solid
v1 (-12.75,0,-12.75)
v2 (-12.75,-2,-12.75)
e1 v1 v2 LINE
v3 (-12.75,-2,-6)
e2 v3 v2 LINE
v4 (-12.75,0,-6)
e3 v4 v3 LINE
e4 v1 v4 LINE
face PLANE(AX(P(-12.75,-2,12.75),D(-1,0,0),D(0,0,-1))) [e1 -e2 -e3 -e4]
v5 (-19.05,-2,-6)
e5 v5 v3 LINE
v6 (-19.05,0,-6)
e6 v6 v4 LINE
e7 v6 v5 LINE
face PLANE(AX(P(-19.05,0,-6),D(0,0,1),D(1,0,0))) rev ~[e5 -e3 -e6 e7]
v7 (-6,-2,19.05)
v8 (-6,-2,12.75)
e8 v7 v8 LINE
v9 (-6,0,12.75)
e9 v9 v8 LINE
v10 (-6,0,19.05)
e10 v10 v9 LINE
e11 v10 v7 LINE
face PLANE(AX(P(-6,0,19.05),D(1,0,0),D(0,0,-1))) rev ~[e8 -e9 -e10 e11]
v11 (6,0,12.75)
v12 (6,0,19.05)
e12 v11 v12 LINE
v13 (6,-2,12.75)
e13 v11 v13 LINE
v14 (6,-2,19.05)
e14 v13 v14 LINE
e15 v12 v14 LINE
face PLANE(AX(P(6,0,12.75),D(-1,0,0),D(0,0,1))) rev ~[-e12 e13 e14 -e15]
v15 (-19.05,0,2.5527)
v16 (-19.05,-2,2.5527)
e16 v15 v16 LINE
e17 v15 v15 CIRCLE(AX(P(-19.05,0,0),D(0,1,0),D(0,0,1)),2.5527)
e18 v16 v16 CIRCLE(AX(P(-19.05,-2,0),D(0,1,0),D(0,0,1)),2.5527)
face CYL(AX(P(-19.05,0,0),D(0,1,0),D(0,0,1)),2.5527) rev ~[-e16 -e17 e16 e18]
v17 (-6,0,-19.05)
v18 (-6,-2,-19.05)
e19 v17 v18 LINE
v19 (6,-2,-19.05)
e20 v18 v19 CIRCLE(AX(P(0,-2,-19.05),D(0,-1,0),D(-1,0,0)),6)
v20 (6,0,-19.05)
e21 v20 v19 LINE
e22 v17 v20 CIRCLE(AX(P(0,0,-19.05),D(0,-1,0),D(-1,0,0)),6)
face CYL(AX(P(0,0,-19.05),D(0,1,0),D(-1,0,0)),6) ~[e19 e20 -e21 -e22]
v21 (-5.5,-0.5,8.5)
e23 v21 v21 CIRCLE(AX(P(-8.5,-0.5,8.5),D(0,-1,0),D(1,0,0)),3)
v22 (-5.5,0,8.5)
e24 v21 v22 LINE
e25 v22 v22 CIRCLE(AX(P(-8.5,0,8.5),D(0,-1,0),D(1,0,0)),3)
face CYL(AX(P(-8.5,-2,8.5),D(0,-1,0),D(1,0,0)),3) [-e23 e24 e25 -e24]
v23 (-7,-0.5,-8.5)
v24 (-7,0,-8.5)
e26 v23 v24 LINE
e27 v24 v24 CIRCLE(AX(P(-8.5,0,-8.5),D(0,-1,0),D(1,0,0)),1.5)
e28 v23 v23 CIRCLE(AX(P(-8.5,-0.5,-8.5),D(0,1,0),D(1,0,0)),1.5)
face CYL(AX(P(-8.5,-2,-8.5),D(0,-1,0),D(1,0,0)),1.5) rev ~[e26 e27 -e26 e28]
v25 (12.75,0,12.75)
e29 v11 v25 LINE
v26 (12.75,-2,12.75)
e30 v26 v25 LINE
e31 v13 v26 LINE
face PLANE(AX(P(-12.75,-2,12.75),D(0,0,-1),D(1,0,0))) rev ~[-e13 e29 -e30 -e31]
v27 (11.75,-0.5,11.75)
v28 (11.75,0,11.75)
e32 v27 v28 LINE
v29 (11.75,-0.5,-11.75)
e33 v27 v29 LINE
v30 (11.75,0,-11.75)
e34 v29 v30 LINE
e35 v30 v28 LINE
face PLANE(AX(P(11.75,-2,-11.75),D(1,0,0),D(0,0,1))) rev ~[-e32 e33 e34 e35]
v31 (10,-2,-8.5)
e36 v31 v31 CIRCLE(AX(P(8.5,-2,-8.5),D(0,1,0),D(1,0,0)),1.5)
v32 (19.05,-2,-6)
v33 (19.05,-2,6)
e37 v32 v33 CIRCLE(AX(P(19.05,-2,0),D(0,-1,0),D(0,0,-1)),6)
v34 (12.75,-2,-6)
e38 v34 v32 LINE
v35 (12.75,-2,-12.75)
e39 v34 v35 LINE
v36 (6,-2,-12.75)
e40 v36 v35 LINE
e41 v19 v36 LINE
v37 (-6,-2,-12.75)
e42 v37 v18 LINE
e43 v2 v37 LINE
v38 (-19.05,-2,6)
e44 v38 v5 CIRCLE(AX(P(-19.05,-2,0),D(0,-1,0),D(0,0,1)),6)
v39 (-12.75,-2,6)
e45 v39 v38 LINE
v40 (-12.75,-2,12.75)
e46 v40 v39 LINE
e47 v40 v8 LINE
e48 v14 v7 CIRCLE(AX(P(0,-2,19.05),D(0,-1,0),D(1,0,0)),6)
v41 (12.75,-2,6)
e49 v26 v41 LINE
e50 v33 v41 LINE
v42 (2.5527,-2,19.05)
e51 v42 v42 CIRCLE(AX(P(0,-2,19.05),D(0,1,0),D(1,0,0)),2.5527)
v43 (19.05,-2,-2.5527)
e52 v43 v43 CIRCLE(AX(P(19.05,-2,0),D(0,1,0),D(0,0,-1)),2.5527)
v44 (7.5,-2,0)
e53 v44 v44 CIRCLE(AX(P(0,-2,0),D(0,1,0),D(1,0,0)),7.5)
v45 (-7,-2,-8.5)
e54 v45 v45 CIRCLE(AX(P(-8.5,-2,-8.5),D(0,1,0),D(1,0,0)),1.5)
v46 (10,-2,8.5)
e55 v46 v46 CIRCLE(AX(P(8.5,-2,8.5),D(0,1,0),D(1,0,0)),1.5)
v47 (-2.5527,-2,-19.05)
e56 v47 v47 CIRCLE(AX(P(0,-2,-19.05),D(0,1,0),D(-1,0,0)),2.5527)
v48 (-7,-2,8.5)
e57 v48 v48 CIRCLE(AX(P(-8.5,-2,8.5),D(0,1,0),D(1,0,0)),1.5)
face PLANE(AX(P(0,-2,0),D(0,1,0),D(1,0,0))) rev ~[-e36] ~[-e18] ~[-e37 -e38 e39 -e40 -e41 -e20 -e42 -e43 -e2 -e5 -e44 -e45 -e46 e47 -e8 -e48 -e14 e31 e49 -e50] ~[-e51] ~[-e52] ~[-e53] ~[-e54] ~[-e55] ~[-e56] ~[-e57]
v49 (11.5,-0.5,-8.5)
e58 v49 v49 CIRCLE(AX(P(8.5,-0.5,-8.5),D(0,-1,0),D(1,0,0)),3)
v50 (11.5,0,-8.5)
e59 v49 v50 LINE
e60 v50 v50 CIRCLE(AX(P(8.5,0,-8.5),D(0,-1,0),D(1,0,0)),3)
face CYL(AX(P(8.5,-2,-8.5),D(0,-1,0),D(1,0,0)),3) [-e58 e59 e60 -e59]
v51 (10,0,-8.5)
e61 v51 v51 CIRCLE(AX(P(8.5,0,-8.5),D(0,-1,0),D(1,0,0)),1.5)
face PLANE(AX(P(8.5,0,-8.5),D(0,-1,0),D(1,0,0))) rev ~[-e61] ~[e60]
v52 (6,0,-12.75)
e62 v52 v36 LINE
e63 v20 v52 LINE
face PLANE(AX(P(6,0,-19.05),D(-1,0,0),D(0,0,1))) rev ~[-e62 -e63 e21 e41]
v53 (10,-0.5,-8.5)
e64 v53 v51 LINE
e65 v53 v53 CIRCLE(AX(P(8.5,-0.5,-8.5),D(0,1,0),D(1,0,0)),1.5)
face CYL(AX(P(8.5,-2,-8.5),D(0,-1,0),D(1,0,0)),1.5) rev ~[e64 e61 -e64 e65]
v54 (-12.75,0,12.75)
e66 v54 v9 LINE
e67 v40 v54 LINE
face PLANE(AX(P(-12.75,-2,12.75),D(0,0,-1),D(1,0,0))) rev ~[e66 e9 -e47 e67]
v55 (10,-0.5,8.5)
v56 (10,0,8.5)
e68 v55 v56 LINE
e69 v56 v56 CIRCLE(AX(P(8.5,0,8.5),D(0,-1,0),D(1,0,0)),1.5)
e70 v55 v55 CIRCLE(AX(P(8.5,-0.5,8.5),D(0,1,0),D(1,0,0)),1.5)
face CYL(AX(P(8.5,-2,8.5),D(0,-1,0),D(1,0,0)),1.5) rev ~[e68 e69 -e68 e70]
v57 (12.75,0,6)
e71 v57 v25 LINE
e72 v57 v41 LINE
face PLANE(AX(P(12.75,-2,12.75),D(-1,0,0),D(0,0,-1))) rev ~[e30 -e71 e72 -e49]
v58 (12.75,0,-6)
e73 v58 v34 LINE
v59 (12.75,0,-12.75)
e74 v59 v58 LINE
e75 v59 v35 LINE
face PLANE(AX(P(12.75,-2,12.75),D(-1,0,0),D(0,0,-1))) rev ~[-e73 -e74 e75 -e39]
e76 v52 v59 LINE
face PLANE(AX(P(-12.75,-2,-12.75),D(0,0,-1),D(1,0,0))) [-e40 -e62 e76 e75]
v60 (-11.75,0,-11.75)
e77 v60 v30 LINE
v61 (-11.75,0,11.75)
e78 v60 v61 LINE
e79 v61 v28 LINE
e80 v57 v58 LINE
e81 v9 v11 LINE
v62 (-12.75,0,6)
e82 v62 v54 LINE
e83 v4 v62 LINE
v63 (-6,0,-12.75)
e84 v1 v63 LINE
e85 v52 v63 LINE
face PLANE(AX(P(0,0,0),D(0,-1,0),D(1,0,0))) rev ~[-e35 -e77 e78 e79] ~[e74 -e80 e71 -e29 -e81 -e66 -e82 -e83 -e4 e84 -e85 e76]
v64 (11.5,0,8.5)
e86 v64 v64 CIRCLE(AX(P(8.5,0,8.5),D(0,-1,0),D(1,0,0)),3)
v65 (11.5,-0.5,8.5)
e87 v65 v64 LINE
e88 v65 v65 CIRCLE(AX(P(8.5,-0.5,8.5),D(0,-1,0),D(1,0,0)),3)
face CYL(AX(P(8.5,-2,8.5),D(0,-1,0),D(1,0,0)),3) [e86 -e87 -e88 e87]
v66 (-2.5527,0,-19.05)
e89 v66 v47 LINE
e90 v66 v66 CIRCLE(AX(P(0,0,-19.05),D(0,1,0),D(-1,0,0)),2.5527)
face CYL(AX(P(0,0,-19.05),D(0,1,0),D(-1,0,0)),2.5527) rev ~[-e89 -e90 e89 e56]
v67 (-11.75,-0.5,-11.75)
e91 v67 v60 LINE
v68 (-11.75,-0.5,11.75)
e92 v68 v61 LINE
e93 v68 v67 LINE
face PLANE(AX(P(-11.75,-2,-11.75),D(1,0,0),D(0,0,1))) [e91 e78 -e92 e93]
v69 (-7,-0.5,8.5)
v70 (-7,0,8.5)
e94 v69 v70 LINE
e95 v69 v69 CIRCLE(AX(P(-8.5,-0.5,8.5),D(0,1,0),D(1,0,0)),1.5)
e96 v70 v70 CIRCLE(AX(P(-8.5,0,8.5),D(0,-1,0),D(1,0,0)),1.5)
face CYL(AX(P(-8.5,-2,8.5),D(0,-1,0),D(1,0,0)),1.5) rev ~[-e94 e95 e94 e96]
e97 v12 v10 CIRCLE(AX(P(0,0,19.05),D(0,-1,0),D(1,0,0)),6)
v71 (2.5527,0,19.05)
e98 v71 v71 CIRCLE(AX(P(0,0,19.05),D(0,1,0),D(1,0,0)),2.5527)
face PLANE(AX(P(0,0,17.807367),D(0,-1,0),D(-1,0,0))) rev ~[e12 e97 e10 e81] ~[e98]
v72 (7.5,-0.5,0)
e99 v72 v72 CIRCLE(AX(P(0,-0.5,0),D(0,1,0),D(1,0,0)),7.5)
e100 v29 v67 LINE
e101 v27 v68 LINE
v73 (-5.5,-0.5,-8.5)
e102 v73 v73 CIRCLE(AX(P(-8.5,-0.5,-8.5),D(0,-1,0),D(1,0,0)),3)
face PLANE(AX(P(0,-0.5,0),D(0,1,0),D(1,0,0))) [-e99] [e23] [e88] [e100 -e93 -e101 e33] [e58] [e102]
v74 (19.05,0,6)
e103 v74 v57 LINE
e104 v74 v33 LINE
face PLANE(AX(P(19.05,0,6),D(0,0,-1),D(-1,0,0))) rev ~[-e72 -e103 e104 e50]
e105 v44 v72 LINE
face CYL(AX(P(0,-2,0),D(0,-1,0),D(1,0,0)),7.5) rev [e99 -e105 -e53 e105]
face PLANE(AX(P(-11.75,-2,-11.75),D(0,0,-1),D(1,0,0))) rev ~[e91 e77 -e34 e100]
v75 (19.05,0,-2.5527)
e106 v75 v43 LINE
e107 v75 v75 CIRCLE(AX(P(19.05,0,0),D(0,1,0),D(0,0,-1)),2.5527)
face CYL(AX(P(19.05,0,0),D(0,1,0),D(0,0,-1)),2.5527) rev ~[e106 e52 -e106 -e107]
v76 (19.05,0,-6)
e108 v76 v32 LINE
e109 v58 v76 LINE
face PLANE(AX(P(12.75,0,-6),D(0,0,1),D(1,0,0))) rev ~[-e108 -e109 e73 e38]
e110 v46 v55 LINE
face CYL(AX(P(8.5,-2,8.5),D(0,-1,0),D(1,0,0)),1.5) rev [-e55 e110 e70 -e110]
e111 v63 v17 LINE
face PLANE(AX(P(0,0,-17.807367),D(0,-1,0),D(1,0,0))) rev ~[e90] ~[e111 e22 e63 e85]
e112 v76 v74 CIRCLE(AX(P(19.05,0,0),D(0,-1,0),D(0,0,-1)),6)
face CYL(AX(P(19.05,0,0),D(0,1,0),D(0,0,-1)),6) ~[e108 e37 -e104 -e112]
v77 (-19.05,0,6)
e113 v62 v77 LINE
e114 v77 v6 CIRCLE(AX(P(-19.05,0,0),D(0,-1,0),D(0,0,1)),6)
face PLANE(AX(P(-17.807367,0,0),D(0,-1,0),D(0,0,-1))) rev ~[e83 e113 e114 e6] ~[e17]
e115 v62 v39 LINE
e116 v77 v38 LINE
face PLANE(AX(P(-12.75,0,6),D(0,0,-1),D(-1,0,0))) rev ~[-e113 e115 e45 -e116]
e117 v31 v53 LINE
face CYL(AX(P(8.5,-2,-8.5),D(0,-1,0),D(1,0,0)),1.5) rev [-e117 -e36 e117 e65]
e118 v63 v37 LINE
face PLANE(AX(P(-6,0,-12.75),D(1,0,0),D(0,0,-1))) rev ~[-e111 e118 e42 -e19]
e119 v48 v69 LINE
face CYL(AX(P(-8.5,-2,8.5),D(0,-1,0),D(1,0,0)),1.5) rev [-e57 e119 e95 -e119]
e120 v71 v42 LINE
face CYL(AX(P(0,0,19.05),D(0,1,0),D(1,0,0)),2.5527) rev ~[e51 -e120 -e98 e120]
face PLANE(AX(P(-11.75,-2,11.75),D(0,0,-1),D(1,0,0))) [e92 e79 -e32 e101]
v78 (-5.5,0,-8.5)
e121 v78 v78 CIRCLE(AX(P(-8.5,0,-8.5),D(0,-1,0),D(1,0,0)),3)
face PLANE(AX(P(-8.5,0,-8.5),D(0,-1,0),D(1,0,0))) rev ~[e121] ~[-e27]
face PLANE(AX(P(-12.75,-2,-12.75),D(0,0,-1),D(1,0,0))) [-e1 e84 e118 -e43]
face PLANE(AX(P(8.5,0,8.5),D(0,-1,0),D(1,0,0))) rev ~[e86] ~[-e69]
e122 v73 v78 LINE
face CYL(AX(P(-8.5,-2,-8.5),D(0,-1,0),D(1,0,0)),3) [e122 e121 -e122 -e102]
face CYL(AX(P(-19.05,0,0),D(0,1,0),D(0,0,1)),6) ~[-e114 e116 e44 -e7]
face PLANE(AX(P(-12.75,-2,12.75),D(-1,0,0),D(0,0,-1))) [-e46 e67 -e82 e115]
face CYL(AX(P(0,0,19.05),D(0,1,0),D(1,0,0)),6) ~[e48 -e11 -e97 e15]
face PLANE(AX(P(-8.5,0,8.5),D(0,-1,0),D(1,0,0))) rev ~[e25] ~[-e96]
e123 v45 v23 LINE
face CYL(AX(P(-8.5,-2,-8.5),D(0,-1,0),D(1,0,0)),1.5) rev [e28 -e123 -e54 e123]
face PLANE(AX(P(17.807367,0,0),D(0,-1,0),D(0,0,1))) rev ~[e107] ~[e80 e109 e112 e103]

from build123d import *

# Parameters (mm, degrees)
SKETCH1_W           = 23
SKETCH1_H           = 23
SKETCH1_R           = 1.5
BOSS_EXTRUDE1_DEPTH = 1
SKETCH2_W           = 6
SKETCH2_H           = 5
BOSS_EXTRUDE2_DEPTH = 1
FILLET1_R           = 3
BOSS_EXTRUDE3_START = -3
SKETCH3_W           = 25.5
SKETCH3_H           = 25.5
SKETCH3_R           = 1.5
SKETCH3_R_2         = 7.5
BOSS_EXTRUDE3_DEPTH = 1.5
SKETCH4_R           = 3
SKETCH4_R_2         = 1.5
BOSS_EXTRUDE4_DEPTH = 2
SKETCH5_W           = 25.5
SKETCH5_H           = 25.5
SKETCH5_W_2         = 23.5
SKETCH5_H_2         = 23.5
BOSS_EXTRUDE5_DEPTH = 2
SKETCH6_R           = 2.5527
BOSS_EXTRUDE6_DEPTH = 2
CIRPATTERN1_COUNT   = 4


with BuildPart() as part:
    # Sketch1 → Boss-Extrude1 (new body)
    with BuildSketch(Plane(origin=(0, 0, 0), x_dir=(1, 0, 0), z_dir=(0, 1, 0))):
        Rectangle(SKETCH1_W, SKETCH1_H)
        with Locations((-8.5, 8.5)):
            Circle(SKETCH1_R, mode=Mode.SUBTRACT)
        with Locations((8.5, 8.5)):
            Circle(SKETCH1_R, mode=Mode.SUBTRACT)
        with Locations((8.5, -8.5)):
            Circle(SKETCH1_R, mode=Mode.SUBTRACT)
        with Locations((-8.5, -8.5)):
            Circle(SKETCH1_R, mode=Mode.SUBTRACT)
    extrude(amount=BOSS_EXTRUDE1_DEPTH)

    # Sketch2 → Boss-Extrude2 (add)
    with BuildSketch(Plane(origin=(0, 1, 0), x_dir=(1, 0, 0), z_dir=(0, 1, 0))):
        Rectangle(SKETCH2_W, SKETCH2_H)
    extrude(amount=BOSS_EXTRUDE2_DEPTH)

    # Fillet1
    fillet1_edges = [part.edges().sort_by_distance(p)[0] for p in [
        (11.5, 0.5, 11.5),
        (-11.5, 0.5, 11.5),
        (-11.5, 0.5, -11.5),
        (11.5, 0.5, -11.5),
    ]]
    fillet(fillet1_edges, radius=FILLET1_R)


with BuildPart() as body_2:
    # Sketch3 → Boss-Extrude3 (new body)
    with BuildSketch(Plane(origin=(0, 1, 0), x_dir=(1, 0, 0), z_dir=(0, 1, 0)).offset(BOSS_EXTRUDE3_START)):
        Rectangle(SKETCH3_W, SKETCH3_H)
        with Locations((-8.5, 8.5)):
            Circle(SKETCH3_R, mode=Mode.SUBTRACT)
        with Locations((8.5, 8.5)):
            Circle(SKETCH3_R, mode=Mode.SUBTRACT)
        with Locations((8.5, -8.5)):
            Circle(SKETCH3_R, mode=Mode.SUBTRACT)
        with Locations((-8.5, -8.5)):
            Circle(SKETCH3_R, mode=Mode.SUBTRACT)
        Circle(SKETCH3_R_2, mode=Mode.SUBTRACT)
    extrude(amount=BOSS_EXTRUDE3_DEPTH)

    # Sketch4 → Boss-Extrude4 (add)
    with BuildSketch(Plane.XZ.offset(2)):
        with Locations((-8.5, 8.5)):
            Circle(SKETCH4_R)
        with Locations((-8.5, 8.5)):
            Circle(SKETCH4_R_2, mode=Mode.SUBTRACT)
        with Locations((8.5, 8.5)):
            Circle(SKETCH4_R)
        with Locations((8.5, 8.5)):
            Circle(SKETCH4_R_2, mode=Mode.SUBTRACT)
        with Locations((8.5, -8.5)):
            Circle(SKETCH4_R)
        with Locations((8.5, -8.5)):
            Circle(SKETCH4_R_2, mode=Mode.SUBTRACT)
        with Locations((-8.5, -8.5)):
            Circle(SKETCH4_R)
        with Locations((-8.5, -8.5)):
            Circle(SKETCH4_R_2, mode=Mode.SUBTRACT)
    extrude(amount=-BOSS_EXTRUDE4_DEPTH)

    # Sketch5 → Boss-Extrude5 (add)
    with BuildSketch(Plane.XZ.offset(2)):
        Rectangle(SKETCH5_W, SKETCH5_H)
        Rectangle(SKETCH5_W_2, SKETCH5_H_2, mode=Mode.SUBTRACT)
    extrude(amount=-BOSS_EXTRUDE5_DEPTH)

    # Sketch6 → Boss-Extrude6 (add)
    with BuildSketch(Plane(origin=(0, 0, 0), x_dir=(-1, 0, 0), z_dir=(0, 1, 0))):
        with BuildLine():
            Line((-6, -19.05), (-6, -12.75))
            Line((-6, -12.75), (6, -12.75))
            Line((6, -12.75), (6, -19.05))
            ThreePointArc((6, -19.05), (0, -25.05), (-6, -19.05))
        make_face()
        with Locations((0, -19.05)):
            Circle(SKETCH6_R, mode=Mode.SUBTRACT)
    boss_extrude6 = extrude(amount=-BOSS_EXTRUDE6_DEPTH)

    # CirPattern1: Boss-Extrude6 ×4 about axis
    cirpattern1_axis = Axis((0, 0, 0), (0, 1, 0))
    for i in range(1, CIRPATTERN1_COUNT):
        add(boss_extrude6.rotate(cirpattern1_axis, i * 360 / CIRPATTERN1_COUNT))


solid = body_2.part
